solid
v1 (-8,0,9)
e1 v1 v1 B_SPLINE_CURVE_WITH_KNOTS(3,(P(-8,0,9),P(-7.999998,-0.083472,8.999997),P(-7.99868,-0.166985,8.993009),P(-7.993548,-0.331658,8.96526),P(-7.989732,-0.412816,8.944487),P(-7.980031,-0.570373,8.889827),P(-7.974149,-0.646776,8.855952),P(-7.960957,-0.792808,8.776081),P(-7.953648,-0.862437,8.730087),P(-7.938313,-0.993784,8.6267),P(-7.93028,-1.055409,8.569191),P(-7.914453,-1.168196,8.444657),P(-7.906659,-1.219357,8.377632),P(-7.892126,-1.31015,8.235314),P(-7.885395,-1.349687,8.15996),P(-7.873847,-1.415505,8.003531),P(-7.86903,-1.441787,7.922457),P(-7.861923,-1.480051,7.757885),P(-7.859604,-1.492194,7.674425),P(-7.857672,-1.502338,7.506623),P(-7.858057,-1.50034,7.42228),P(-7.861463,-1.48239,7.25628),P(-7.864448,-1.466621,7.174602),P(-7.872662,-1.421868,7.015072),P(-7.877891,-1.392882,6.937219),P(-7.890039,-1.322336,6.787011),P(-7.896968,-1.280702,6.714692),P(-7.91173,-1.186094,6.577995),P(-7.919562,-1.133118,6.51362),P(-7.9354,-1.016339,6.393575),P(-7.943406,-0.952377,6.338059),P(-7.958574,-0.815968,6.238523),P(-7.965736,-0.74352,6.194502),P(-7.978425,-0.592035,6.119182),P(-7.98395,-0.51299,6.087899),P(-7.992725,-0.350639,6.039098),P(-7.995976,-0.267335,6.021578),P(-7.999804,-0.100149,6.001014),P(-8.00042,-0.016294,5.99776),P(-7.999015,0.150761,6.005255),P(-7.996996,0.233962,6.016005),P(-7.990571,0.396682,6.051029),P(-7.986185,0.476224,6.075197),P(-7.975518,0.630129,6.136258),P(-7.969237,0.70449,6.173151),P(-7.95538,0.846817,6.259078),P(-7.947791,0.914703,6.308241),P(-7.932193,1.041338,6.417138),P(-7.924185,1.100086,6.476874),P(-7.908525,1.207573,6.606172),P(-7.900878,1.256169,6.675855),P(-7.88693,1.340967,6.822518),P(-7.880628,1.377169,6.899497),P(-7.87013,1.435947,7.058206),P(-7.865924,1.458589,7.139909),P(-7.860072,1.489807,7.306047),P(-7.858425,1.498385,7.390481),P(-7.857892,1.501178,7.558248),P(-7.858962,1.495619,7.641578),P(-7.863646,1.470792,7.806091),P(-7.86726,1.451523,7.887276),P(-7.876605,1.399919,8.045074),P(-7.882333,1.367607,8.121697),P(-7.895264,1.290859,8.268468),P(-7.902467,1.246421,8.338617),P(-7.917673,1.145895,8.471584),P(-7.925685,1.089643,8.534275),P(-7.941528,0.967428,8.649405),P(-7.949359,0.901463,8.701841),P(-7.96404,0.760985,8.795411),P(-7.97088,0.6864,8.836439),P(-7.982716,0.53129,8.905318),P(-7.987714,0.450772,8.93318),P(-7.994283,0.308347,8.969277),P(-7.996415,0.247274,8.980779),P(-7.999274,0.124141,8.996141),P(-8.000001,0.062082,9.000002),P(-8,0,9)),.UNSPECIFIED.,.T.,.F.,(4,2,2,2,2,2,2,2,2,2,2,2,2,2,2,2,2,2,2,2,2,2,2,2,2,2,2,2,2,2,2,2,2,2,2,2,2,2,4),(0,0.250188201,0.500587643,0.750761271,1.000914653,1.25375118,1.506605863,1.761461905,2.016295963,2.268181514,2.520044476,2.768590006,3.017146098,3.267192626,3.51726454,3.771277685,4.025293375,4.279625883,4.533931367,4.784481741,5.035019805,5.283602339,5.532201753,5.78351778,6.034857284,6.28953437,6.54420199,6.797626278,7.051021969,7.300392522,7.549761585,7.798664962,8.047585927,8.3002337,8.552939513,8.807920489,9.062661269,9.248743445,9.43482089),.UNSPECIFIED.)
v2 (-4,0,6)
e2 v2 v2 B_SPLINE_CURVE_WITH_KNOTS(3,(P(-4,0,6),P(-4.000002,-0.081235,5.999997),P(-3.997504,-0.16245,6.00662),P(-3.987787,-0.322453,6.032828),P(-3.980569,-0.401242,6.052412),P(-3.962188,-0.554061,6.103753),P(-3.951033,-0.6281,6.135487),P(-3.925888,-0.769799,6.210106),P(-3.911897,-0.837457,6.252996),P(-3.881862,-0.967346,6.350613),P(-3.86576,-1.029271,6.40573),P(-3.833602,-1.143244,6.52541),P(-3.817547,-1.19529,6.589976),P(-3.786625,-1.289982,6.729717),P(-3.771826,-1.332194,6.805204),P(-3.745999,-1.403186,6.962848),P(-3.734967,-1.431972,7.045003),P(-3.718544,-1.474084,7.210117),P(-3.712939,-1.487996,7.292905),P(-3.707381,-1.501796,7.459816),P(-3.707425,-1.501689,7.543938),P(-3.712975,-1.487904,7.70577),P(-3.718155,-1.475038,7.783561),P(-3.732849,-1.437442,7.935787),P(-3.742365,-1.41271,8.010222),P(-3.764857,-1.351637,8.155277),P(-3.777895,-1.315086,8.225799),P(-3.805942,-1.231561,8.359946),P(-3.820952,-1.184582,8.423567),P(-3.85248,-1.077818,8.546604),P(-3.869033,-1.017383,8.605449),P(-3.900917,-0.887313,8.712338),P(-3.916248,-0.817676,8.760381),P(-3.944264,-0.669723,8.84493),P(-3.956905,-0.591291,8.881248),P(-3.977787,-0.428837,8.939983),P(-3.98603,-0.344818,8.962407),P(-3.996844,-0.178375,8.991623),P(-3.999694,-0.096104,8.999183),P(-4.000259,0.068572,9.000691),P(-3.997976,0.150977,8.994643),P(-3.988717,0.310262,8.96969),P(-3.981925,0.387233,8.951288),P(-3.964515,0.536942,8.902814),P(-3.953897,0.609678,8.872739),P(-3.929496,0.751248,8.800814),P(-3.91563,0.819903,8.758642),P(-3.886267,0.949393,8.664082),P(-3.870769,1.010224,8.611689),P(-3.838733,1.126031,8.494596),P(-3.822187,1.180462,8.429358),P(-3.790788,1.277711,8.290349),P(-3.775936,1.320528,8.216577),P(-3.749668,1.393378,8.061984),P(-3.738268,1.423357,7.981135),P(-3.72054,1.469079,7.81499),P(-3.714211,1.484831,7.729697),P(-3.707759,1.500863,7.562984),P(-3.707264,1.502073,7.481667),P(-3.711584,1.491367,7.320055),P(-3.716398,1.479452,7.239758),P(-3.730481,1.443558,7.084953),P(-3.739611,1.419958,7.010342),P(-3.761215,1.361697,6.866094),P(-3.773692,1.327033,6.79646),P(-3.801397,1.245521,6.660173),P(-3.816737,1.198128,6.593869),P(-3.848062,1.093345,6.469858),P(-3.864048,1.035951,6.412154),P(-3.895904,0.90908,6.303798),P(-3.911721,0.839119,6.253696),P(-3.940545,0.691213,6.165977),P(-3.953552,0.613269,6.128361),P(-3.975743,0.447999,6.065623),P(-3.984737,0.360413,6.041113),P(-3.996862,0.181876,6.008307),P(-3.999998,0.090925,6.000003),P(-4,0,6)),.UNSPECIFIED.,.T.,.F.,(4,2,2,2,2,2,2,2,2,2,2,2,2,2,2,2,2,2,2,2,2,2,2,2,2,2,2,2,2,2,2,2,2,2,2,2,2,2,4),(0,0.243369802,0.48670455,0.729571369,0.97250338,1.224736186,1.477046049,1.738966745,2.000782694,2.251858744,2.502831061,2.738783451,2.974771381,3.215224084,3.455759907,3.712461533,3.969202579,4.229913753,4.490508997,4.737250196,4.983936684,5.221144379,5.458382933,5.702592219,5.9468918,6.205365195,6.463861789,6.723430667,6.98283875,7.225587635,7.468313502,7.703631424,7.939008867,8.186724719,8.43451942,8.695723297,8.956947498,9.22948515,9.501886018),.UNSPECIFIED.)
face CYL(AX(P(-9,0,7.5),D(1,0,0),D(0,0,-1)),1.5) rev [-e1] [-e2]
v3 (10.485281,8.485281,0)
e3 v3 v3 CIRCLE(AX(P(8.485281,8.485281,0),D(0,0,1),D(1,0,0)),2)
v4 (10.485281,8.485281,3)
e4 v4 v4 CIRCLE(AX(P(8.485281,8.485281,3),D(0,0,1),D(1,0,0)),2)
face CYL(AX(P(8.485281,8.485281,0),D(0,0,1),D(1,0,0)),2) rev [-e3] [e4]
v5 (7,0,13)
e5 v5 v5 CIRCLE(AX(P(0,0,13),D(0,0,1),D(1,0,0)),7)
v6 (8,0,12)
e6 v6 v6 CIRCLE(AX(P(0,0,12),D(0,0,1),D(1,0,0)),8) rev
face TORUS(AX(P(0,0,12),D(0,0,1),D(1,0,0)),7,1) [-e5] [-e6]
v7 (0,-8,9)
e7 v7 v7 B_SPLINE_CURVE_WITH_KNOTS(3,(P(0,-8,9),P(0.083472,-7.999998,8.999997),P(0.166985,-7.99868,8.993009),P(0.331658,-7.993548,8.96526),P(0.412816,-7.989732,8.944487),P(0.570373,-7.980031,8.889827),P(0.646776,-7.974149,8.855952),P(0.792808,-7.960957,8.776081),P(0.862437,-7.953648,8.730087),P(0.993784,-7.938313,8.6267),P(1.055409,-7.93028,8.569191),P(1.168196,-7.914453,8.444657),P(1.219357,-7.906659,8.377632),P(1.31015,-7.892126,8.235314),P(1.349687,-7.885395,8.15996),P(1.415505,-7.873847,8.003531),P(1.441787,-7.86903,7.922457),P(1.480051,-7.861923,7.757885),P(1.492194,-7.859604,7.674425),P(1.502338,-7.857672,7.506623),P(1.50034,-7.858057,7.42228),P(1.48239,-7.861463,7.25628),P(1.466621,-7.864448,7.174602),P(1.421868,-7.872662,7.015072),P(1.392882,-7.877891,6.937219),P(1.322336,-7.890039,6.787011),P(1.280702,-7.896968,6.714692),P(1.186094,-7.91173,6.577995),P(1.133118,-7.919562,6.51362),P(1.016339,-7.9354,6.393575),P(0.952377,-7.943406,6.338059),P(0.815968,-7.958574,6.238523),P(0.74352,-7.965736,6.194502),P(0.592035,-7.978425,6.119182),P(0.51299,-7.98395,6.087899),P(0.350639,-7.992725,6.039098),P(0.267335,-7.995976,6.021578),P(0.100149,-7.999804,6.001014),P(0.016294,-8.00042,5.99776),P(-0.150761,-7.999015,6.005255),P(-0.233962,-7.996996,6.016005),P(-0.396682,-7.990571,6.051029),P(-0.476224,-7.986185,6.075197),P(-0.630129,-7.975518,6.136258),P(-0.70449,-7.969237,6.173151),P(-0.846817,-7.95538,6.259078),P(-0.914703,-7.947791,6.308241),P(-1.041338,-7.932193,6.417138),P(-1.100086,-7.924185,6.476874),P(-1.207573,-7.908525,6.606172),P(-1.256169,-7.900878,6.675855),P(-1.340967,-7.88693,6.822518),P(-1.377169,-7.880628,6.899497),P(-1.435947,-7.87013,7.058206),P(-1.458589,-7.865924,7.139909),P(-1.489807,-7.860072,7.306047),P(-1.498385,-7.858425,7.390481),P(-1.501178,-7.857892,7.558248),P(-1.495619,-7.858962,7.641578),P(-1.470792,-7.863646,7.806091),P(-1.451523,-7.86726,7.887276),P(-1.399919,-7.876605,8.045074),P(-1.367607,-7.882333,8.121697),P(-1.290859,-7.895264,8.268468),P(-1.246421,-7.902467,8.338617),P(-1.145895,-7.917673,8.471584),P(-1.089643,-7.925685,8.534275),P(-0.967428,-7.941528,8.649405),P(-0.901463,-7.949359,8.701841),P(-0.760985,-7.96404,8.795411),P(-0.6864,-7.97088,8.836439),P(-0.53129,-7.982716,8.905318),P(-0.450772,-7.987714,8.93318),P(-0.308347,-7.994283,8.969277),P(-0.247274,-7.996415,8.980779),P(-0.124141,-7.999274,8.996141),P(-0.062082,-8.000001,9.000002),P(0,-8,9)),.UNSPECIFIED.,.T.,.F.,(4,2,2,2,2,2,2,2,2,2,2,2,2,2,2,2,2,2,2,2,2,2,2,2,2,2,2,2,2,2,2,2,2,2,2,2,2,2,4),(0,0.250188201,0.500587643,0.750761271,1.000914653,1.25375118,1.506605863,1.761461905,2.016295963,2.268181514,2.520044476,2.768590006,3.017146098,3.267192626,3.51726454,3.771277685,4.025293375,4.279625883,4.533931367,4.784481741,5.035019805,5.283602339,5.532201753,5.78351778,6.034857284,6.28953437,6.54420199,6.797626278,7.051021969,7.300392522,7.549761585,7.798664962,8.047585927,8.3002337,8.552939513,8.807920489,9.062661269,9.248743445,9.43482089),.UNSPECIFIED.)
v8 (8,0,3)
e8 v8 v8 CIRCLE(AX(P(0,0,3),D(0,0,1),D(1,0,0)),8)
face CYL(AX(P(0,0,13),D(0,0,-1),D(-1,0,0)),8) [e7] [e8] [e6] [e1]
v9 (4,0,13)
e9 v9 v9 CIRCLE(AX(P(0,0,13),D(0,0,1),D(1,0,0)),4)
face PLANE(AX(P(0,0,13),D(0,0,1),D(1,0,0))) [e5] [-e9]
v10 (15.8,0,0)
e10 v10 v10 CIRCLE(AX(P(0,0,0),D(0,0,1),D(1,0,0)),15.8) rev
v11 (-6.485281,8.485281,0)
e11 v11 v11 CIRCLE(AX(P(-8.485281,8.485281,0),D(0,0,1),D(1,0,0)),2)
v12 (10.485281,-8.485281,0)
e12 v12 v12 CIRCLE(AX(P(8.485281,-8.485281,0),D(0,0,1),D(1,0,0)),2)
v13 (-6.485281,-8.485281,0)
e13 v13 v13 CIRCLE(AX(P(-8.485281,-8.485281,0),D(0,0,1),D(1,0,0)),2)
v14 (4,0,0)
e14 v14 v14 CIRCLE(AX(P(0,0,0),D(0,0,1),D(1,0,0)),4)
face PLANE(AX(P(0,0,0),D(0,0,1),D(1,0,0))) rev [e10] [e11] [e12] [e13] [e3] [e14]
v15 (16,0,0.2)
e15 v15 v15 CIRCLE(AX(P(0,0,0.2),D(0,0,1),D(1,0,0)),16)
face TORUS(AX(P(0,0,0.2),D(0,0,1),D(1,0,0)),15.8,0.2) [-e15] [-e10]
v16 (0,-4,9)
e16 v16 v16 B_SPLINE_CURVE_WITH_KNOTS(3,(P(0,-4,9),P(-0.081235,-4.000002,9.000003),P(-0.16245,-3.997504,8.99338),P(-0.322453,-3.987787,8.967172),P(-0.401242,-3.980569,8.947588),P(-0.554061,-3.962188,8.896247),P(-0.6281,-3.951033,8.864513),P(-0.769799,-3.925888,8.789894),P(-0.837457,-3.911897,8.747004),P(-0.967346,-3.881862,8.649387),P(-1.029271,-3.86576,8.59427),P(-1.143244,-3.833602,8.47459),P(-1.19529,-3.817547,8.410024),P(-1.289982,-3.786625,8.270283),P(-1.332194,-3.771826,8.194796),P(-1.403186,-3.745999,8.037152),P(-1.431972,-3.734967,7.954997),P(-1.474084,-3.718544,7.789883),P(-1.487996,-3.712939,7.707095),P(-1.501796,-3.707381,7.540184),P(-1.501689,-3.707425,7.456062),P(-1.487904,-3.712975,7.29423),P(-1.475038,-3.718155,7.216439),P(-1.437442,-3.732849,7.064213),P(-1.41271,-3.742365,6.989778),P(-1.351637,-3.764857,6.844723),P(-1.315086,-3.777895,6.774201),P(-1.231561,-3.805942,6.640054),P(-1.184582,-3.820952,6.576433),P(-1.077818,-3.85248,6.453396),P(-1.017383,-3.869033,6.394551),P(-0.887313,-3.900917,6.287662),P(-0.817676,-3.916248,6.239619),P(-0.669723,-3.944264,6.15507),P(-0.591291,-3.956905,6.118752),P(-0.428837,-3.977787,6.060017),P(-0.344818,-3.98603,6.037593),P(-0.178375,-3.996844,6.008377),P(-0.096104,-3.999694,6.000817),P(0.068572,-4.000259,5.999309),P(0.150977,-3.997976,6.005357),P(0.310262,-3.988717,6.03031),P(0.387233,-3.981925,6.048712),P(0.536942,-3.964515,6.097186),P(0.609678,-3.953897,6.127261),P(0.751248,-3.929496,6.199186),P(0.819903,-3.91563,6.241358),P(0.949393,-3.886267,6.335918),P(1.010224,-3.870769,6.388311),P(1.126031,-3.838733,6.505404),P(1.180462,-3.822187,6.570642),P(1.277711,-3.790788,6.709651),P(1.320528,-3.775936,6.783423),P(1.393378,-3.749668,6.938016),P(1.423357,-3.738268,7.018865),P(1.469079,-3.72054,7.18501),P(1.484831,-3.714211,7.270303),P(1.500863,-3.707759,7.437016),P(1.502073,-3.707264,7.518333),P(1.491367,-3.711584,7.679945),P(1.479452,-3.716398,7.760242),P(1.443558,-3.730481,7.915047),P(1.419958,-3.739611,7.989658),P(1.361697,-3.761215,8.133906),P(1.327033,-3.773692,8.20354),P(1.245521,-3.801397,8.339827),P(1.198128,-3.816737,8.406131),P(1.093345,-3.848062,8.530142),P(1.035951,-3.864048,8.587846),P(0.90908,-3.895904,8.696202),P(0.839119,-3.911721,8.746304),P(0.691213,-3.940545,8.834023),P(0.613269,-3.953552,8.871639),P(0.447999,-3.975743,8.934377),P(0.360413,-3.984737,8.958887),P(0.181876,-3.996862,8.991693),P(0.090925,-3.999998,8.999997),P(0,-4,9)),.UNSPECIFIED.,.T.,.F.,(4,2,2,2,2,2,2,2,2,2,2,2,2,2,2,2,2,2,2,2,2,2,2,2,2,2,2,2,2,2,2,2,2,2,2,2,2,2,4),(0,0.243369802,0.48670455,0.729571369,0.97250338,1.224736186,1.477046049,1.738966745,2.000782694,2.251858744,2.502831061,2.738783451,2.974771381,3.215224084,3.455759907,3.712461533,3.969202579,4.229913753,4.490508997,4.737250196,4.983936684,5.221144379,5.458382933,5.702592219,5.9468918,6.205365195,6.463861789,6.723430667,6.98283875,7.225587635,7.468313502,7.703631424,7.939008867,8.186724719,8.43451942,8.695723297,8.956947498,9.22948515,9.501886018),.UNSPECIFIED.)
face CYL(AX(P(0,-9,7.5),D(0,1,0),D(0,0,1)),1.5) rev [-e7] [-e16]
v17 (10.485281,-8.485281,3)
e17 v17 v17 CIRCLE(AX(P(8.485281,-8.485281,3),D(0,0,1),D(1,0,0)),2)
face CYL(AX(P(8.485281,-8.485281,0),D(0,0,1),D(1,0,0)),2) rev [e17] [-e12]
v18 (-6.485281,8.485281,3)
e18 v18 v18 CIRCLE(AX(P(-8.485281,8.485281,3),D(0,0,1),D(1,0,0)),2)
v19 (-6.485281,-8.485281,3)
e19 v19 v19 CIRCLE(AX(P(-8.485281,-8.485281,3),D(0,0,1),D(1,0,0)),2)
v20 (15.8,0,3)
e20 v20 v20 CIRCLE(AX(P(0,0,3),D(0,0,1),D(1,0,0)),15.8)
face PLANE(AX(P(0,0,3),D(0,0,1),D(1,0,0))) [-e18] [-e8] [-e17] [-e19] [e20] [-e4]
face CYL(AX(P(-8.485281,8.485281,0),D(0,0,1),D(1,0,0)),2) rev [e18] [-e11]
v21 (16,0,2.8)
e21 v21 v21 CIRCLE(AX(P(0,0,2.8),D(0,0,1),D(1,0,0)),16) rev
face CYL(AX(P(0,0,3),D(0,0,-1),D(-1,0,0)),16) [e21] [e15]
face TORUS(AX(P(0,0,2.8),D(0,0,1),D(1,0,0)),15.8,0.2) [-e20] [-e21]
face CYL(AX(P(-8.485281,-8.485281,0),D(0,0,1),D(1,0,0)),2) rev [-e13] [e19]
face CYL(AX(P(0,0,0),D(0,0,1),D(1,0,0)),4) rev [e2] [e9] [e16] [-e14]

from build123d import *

# Parameters (mm, degrees)
SKETCH1_R           = 16
BOSS_EXTRUDE1_DEPTH = 3
SKETCH2_R           = 8
BOSS_EXTRUDE2_DEPTH = 10
SKETCH3_R           = 4
CUT_EXTRUDE1_DEPTH  = 14
SKETCH4_R           = 2
CUT_EXTRUDE2_DEPTH  = 4
FILLET1_R           = 1
SKETCH5_R           = 1.5
CUT_EXTRUDE3_DEPTH  = 9
SKETCH6_R           = 1.5
CUT_EXTRUDE4_DEPTH  = 9
FILLET2_R           = 0.2


with BuildPart() as part:
    # Sketch1 → Boss-Extrude1 (new body)
    with BuildSketch(Plane.XY):
        Circle(SKETCH1_R)
    extrude(amount=BOSS_EXTRUDE1_DEPTH)

    # Sketch2 → Boss-Extrude2 (add)
    with BuildSketch(Plane.XY.offset(3)):
        Circle(SKETCH2_R)
    extrude(amount=BOSS_EXTRUDE2_DEPTH)

    # Sketch3 → Cut-Extrude1 (cut, through all)
    with BuildSketch(Plane.XY.offset(13)):
        Circle(SKETCH3_R)
    extrude(amount=-CUT_EXTRUDE1_DEPTH, mode=Mode.SUBTRACT)

    # Sketch4 → Cut-Extrude2 (cut, through all)
    with BuildSketch(Plane.XY.offset(3)):
        with Locations((-8.485281374, 8.485281374)):
            Circle(SKETCH4_R)
        with Locations((8.485281374, 8.485281374)):
            Circle(SKETCH4_R)
        with Locations((8.485281374, -8.485281374)):
            Circle(SKETCH4_R)
        with Locations((-8.485281374, -8.485281374)):
            Circle(SKETCH4_R)
    extrude(amount=-CUT_EXTRUDE2_DEPTH, mode=Mode.SUBTRACT)

    # Fillet1
    fillet1_edges = [part.edges().sort_by_distance(p)[0] for p in [
        (-8, 0, 13),
    ]]
    fillet(fillet1_edges, radius=FILLET1_R)

    # Sketch5 → Cut-Extrude3 (cut)
    with BuildSketch(Plane(origin=(0, 0, 0), x_dir=(0, 0, -1), z_dir=(1, 0, 0))):
        with Locations((-7.5, 0)):
            Circle(SKETCH5_R)
    extrude(amount=-CUT_EXTRUDE3_DEPTH, mode=Mode.SUBTRACT)

    # Sketch6 → Cut-Extrude4 (cut)
    with BuildSketch(Plane(origin=(0, 0, 0), x_dir=(1, 0, 0), z_dir=(0, 1, 0))):
        with Locations((0, -7.5)):
            Circle(SKETCH6_R)
    extrude(amount=-CUT_EXTRUDE4_DEPTH, mode=Mode.SUBTRACT)

    # Fillet2
    fillet2_edges = [part.edges().sort_by_distance(p)[0] for p in [
        (-16, 0, 0),
        (-16, 0, 3),
    ]]
    fillet(fillet2_edges, radius=FILLET2_R)


solid = part.part
